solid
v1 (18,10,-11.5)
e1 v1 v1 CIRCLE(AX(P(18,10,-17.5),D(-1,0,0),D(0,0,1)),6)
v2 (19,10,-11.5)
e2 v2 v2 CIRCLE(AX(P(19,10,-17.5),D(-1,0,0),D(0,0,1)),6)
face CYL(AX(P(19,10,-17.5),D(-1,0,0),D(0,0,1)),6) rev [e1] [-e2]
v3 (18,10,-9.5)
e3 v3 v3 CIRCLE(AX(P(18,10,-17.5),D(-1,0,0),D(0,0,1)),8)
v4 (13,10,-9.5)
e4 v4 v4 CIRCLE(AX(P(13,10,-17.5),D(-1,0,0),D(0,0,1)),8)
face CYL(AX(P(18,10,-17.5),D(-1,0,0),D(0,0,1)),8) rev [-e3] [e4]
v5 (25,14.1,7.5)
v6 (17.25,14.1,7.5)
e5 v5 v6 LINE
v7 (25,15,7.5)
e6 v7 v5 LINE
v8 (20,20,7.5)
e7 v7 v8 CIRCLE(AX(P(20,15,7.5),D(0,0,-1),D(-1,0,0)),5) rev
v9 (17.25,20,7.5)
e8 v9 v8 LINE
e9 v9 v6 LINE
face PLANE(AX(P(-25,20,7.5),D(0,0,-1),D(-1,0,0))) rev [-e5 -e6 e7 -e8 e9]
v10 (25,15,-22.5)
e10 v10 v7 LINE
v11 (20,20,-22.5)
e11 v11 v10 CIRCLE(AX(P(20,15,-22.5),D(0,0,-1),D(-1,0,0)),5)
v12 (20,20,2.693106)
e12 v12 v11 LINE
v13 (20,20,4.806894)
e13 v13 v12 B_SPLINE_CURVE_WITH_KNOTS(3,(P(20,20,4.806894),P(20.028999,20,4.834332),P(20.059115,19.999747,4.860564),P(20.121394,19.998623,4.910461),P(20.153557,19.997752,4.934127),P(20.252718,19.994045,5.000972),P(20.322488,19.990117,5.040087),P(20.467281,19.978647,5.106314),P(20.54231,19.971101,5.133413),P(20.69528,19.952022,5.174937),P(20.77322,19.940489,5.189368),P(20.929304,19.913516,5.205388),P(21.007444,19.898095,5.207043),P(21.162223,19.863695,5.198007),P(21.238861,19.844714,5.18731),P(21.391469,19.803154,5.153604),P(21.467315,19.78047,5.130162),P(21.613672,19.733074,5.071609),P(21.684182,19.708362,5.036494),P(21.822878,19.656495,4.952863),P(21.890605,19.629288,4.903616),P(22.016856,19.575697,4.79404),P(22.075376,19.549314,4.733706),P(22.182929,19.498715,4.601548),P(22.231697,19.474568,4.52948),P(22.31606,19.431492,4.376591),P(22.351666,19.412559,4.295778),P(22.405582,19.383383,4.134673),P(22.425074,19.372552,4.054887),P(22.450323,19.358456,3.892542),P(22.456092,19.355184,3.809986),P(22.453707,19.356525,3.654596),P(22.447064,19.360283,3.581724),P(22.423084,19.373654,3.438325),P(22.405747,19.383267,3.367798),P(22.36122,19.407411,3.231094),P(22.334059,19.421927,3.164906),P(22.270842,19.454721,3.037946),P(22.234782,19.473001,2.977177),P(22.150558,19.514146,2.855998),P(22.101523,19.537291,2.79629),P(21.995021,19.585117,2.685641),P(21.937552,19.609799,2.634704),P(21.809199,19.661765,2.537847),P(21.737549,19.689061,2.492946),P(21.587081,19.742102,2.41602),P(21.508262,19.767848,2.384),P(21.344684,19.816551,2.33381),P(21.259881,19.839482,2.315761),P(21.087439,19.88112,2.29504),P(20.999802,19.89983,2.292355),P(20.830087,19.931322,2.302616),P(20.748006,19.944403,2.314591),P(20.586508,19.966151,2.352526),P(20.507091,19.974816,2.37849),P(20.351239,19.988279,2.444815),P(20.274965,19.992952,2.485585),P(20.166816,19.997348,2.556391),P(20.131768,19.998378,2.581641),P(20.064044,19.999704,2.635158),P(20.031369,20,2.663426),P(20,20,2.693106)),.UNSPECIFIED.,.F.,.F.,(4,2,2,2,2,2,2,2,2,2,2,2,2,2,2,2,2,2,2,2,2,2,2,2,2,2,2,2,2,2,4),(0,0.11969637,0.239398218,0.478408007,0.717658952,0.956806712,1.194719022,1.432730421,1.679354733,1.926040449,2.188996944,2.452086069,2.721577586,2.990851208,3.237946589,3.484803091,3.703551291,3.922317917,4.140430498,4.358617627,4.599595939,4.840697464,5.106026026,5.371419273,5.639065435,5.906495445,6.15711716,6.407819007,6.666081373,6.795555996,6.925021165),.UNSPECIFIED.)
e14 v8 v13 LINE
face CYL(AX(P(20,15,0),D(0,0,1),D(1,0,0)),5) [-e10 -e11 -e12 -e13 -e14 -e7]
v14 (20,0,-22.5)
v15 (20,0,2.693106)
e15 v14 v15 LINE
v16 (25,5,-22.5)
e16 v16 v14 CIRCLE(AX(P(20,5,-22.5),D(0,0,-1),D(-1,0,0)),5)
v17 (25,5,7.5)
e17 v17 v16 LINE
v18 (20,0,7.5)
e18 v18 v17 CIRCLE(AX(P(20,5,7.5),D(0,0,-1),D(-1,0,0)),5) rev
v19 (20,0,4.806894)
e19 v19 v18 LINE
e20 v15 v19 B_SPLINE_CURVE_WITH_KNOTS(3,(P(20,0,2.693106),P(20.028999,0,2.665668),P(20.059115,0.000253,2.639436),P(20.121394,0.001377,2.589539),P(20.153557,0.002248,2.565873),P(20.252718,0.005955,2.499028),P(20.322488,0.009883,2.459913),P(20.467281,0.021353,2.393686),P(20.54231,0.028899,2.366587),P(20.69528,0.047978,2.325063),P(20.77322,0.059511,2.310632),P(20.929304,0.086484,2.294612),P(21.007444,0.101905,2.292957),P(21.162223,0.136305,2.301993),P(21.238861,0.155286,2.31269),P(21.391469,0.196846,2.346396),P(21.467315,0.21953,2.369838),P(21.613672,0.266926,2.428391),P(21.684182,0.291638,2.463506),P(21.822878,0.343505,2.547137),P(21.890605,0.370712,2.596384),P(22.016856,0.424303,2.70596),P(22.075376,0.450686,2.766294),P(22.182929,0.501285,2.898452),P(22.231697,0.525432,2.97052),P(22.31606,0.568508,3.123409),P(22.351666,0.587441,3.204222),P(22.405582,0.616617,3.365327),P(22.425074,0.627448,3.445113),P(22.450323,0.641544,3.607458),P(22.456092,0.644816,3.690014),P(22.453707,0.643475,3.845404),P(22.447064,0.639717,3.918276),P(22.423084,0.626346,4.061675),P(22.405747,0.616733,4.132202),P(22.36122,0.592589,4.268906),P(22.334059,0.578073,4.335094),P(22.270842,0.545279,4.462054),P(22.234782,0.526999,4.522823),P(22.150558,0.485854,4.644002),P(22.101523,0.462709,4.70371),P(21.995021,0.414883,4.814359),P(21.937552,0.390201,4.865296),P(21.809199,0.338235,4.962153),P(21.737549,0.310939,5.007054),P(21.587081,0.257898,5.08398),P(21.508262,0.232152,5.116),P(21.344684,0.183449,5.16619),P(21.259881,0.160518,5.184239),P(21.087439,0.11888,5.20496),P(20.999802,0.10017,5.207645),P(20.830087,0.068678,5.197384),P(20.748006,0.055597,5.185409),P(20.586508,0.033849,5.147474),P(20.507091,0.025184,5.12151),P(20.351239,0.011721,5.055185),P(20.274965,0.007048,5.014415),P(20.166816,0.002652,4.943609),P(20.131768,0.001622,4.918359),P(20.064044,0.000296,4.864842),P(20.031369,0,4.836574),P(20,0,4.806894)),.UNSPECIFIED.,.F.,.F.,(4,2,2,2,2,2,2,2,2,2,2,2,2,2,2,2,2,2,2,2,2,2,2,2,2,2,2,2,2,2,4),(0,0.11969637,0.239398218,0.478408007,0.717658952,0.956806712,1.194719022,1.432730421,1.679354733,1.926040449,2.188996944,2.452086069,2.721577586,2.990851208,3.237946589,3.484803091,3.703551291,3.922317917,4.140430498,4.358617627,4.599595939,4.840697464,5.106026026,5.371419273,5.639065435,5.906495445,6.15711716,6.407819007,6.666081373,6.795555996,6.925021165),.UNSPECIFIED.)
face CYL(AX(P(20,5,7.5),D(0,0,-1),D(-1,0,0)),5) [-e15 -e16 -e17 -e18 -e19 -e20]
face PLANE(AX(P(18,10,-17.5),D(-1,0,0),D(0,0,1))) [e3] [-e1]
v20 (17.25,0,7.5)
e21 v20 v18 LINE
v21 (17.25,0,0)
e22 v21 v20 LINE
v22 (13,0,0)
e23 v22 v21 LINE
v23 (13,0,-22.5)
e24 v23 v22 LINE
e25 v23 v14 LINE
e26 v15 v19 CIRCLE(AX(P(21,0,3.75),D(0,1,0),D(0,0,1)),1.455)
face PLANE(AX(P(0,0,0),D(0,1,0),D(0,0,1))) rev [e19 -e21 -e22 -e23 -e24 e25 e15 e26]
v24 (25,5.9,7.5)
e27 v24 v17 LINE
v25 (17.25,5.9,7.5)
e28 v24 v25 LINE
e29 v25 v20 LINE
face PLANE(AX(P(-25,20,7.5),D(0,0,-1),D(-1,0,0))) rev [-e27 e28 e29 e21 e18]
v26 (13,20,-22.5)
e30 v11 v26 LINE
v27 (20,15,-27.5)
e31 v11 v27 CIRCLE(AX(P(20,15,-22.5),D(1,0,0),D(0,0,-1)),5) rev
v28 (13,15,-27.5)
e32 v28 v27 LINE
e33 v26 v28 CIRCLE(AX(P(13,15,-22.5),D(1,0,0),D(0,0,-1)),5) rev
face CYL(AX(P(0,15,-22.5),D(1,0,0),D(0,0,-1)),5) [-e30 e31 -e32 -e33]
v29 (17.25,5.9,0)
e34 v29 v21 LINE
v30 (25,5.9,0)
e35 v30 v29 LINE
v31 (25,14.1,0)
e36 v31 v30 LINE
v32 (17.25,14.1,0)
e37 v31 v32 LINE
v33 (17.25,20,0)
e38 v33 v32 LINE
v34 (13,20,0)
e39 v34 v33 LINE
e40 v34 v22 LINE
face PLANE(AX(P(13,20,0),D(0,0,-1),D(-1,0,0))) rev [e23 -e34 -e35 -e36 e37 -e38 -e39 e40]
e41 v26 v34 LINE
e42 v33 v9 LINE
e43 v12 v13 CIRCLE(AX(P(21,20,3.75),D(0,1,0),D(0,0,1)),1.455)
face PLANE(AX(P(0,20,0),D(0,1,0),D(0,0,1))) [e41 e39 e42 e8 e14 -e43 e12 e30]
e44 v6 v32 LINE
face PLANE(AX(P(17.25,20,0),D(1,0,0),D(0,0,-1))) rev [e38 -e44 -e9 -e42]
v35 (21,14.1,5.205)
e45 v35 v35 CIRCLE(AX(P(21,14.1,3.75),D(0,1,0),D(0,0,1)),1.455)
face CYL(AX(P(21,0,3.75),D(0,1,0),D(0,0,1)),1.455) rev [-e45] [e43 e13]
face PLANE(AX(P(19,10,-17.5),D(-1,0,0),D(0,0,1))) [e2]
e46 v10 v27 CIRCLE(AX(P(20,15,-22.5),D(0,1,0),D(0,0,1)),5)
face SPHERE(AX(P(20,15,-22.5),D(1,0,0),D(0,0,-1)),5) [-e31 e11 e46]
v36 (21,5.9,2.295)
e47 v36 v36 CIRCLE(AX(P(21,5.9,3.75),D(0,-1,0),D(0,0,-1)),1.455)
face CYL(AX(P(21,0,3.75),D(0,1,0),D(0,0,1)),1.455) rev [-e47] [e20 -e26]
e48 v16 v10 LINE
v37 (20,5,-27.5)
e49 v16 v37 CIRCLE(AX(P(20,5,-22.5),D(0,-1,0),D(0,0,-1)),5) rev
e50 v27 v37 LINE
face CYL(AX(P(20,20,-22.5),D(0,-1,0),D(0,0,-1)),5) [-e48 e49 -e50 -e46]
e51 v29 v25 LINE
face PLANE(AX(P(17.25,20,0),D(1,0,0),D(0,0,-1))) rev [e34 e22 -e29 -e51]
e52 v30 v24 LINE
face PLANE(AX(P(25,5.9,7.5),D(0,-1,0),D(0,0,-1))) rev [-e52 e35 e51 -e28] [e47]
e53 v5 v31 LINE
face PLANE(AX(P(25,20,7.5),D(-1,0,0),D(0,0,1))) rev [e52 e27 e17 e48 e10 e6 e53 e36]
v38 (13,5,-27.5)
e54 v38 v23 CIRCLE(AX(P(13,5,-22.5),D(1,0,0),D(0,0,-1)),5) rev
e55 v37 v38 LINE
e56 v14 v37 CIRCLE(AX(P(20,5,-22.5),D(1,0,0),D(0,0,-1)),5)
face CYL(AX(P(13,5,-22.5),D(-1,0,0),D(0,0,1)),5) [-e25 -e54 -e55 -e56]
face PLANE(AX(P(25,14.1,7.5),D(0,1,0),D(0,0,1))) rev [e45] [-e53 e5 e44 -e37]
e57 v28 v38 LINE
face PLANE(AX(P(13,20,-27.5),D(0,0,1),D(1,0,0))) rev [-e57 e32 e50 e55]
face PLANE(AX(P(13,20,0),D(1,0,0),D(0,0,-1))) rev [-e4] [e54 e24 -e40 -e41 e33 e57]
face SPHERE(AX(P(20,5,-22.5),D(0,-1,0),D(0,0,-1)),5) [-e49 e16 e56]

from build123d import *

# Parameters (mm, degrees)
EXTRUDE_1_DEPTH           = 20
FILLET_1_R                = 5
SKETCH_2_R                = 8
CUT_EXTRUDE_1_DEPTH       = 5
SKETCH_3_R                = 6
CUT_EXTRUDE_2_DEPTH       = 1
CUT_EXTRUDE_3_DEPTH       = 5
CUT_EXTRUDE_4_DEPTH       = 5
SKETCH_6_R                = 0.625
CUT_EXTRUDE_5_DEPTH       = 4
SKETCH_7_W                = 27
SKETCH_7_H                = 5
CUT_EXTRUDE_6_DEPTH       = 7
SKETCH_8_R                = 1.45
CUT_EXTRUDE_7_DEPTH       = 12
CUT_EXTRUDE_8_DEPTH       = 43.204857647
SKETCH_10_W               = 7.5
SKETCH_10_H               = 8.2
CUT_EXTRUDE_9_DEPTH       = 35.875672037
CUT_EXTRUDE_10_DEPTH      = 40.749968553
CUT_EXTRUDE_10_DEPTH_BACK = 40.749968553
SKETCH_11_R               = 1.455


with BuildPart() as part:
    # Эскиз1 → Бобышка-Вытянуть1 (new body)
    with BuildSketch(Plane(origin=(0, 0, 0), x_dir=(1, 0, 0), z_dir=(0, 1, 0))):
        Polygon((-13, 27.5), (-13, 0), (13, 0), (13, 27.5), (25, 27.5), (25, -7.5), (-25, -7.5), (-25, 27.5), align=None)
    extrude(amount=EXTRUDE_1_DEPTH)

    # Скругление1
    fillet_1_edges = [part.edges().sort_by_distance(p)[0] for p in [
        (19, 0, -27.5),
        (25, 10, -27.5),
        (-25, 10, -27.5),
        (-19, 20, -27.5),
        (-25, 20, -10),
        (25, 20, -10),
        (19, 20, -27.5),
        (25, 0, -10),
        (-25, 0, -10),
        (-19, 0, -27.5),
    ]]
    fillet(fillet_1_edges, radius=FILLET_1_R)

    # Эскиз2 → Вырез-Вытянуть1 (cut)
    with BuildSketch(Plane.ZY.offset(-13)):
        with Locations((-17.5, 10)):
            Circle(SKETCH_2_R)
    extrude(amount=-CUT_EXTRUDE_1_DEPTH, mode=Mode.SUBTRACT)

    # Эскиз3 → Вырез-Вытянуть2 (cut)
    with BuildSketch(Plane.ZY.offset(-18)):
        with Locations((-17.5, 10)):
            Circle(SKETCH_3_R)
    extrude(amount=-CUT_EXTRUDE_2_DEPTH, mode=Mode.SUBTRACT)

    # Эскиз4 → Вырез-Вытянуть3 (cut)
    with BuildSketch(Plane(origin=(-13, 0, 0), x_dir=(0, 0, -1), z_dir=(1, 0, 0))):
        with BuildLine():
            Line((13.195, 19.30212207), (2.9, 14.537620522))
            ThreePointArc((2.9, 14.537620522), (0, 10), (2.9, 5.462379478))
            Line((2.9, 5.462379478), (13.195, 0.69787793))
            ThreePointArc((13.195, 0.69787793), (27.75, 10), (13.195, 19.30212207))
        make_face()
    extrude(amount=-CUT_EXTRUDE_3_DEPTH, mode=Mode.SUBTRACT)

    # Эскиз5 → Вырез-Вытянуть4 (cut)
    with BuildSketch(Plane(origin=(-18, 0, 0), x_dir=(0, 0, -1), z_dir=(1, 0, 0))):
        with BuildLine():
            Line((19.4, 15.812916652), (19.4, 16.49838717))
            ThreePointArc((19.4, 16.49838717), (17.499999842, 18.39838717), (15.6, 16.498386854))
            Line((15.6, 16.498386854), (15.6, 15.665366642))
            ThreePointArc((15.6, 15.665366642), (15.094249889, 14.335999398), (13.832782732, 13.678959785))
            Line((13.832782732, 13.678959785), (1.932299859, 12.284367885))
            ThreePointArc((1.932299859, 12.284367885), (-0.1, 10), (1.932299859, 7.715632115))
            Line((1.932299859, 7.715632115), (13.832782732, 6.321040215))
            ThreePointArc((13.832782732, 6.321040215), (15.094249889, 5.664000602), (15.6, 4.334633358))
            Line((15.6, 4.334633358), (15.6, 3.501613146))
            ThreePointArc((15.6, 3.501613146), (17.5, 1.601613146), (19.4, 3.501613146))
            Line((19.4, 3.501613146), (19.4, 4.187083665))
            ThreePointArc((19.4, 4.187083665), (19.635266181, 5.128207436), (20.285714286, 5.847916677))
            ThreePointArc((20.285714286, 5.847916677), (22.5, 10), (20.285714286, 14.152083323))
            ThreePointArc((20.285714286, 14.152083323), (19.635266107, 14.871792704), (19.4, 15.812916652))
        make_face()
    extrude(amount=-CUT_EXTRUDE_4_DEPTH, mode=Mode.SUBTRACT)

    # Эскиз6 → Вырез-Вытянуть5 (cut)
    with BuildSketch(Plane(origin=(-23, 0, 0), x_dir=(0, 0, -1), z_dir=(1, 0, 0))):
        with Locations((2.278018202, 10)):
            Circle(SKETCH_6_R)
        with Locations((6.311115384, 10)):
            Circle(SKETCH_6_R)
        with Locations((10.428235425, 10)):
            Circle(SKETCH_6_R)
        with Locations((17.5, 14.907931149)):
            Circle(SKETCH_6_R)
        with Locations((17.5, 16.848859168)):
            Circle(SKETCH_6_R)
        with Locations((17.5, 5.082068851)):
            Circle(SKETCH_6_R)
        with Locations((17.5, 3.141140832)):
            Circle(SKETCH_6_R)
    extrude(amount=-CUT_EXTRUDE_5_DEPTH, mode=Mode.SUBTRACT)

    # Эскиз7 → Вырез-Вытянуть6 (cut)
    with BuildSketch(Plane.XY.offset(7.5)):
        with Locations((0, 17.5)):
            Rectangle(SKETCH_7_W, SKETCH_7_H)
        with Locations((0, 2.5)):
            Rectangle(SKETCH_7_W, SKETCH_7_H)
    extrude(amount=-CUT_EXTRUDE_6_DEPTH, mode=Mode.SUBTRACT)

    # Эскиз8 → Вырез-Вытянуть7 (cut)
    with BuildSketch(Plane(origin=(0, 15, 0), x_dir=(1, 0, 0), z_dir=(0, 1, 0))):
        with Locations(Location((-8.5, -4, 0), (0, 0, 270))):
            Circle(SKETCH_8_R)
        with Locations(Location((8.5, -4, 0), (0, 0, 270))):
            Circle(SKETCH_8_R)
    extrude(amount=-CUT_EXTRUDE_7_DEPTH, mode=Mode.SUBTRACT)

    # Эскиз9 → Вырез-Вытянуть8 (cut, through all)
    with BuildSketch(Plane.XZ):
        Polygon((13, 0), (17.25, 0), (17.25, 7.5), (-36.683406806, 12.049060371), (-29.579948377, -33.351304372), (-5.181112902, -33.351304372), (8.202214573, -2.26080516), align=None)
    extrude(amount=-CUT_EXTRUDE_8_DEPTH, mode=Mode.SUBTRACT)

    # Эскиз10 → Вырез-Вытянуть9 (cut, through all)
    with BuildSketch(Plane.ZY.offset(-17.25)):
        with Locations((3.75, 10)):
            Rectangle(SKETCH_10_W, SKETCH_10_H)
    extrude(amount=-CUT_EXTRUDE_9_DEPTH, mode=Mode.SUBTRACT)

    # Эскиз11 → Вырез-Вытянуть10 (cut, two sides: drawn at the far end of the back side and taken through both)
    with BuildSketch(Plane(origin=(0, 5.9, 0), x_dir=(1, 0, 0), z_dir=(0, 1, 0)).offset(-CUT_EXTRUDE_10_DEPTH_BACK)):
        with Locations(Location((21, -3.75, 0), (0, 0, 270))):
            Circle(SKETCH_11_R)
    extrude(amount=CUT_EXTRUDE_10_DEPTH + CUT_EXTRUDE_10_DEPTH_BACK, mode=Mode.SUBTRACT)


solid = part.part
